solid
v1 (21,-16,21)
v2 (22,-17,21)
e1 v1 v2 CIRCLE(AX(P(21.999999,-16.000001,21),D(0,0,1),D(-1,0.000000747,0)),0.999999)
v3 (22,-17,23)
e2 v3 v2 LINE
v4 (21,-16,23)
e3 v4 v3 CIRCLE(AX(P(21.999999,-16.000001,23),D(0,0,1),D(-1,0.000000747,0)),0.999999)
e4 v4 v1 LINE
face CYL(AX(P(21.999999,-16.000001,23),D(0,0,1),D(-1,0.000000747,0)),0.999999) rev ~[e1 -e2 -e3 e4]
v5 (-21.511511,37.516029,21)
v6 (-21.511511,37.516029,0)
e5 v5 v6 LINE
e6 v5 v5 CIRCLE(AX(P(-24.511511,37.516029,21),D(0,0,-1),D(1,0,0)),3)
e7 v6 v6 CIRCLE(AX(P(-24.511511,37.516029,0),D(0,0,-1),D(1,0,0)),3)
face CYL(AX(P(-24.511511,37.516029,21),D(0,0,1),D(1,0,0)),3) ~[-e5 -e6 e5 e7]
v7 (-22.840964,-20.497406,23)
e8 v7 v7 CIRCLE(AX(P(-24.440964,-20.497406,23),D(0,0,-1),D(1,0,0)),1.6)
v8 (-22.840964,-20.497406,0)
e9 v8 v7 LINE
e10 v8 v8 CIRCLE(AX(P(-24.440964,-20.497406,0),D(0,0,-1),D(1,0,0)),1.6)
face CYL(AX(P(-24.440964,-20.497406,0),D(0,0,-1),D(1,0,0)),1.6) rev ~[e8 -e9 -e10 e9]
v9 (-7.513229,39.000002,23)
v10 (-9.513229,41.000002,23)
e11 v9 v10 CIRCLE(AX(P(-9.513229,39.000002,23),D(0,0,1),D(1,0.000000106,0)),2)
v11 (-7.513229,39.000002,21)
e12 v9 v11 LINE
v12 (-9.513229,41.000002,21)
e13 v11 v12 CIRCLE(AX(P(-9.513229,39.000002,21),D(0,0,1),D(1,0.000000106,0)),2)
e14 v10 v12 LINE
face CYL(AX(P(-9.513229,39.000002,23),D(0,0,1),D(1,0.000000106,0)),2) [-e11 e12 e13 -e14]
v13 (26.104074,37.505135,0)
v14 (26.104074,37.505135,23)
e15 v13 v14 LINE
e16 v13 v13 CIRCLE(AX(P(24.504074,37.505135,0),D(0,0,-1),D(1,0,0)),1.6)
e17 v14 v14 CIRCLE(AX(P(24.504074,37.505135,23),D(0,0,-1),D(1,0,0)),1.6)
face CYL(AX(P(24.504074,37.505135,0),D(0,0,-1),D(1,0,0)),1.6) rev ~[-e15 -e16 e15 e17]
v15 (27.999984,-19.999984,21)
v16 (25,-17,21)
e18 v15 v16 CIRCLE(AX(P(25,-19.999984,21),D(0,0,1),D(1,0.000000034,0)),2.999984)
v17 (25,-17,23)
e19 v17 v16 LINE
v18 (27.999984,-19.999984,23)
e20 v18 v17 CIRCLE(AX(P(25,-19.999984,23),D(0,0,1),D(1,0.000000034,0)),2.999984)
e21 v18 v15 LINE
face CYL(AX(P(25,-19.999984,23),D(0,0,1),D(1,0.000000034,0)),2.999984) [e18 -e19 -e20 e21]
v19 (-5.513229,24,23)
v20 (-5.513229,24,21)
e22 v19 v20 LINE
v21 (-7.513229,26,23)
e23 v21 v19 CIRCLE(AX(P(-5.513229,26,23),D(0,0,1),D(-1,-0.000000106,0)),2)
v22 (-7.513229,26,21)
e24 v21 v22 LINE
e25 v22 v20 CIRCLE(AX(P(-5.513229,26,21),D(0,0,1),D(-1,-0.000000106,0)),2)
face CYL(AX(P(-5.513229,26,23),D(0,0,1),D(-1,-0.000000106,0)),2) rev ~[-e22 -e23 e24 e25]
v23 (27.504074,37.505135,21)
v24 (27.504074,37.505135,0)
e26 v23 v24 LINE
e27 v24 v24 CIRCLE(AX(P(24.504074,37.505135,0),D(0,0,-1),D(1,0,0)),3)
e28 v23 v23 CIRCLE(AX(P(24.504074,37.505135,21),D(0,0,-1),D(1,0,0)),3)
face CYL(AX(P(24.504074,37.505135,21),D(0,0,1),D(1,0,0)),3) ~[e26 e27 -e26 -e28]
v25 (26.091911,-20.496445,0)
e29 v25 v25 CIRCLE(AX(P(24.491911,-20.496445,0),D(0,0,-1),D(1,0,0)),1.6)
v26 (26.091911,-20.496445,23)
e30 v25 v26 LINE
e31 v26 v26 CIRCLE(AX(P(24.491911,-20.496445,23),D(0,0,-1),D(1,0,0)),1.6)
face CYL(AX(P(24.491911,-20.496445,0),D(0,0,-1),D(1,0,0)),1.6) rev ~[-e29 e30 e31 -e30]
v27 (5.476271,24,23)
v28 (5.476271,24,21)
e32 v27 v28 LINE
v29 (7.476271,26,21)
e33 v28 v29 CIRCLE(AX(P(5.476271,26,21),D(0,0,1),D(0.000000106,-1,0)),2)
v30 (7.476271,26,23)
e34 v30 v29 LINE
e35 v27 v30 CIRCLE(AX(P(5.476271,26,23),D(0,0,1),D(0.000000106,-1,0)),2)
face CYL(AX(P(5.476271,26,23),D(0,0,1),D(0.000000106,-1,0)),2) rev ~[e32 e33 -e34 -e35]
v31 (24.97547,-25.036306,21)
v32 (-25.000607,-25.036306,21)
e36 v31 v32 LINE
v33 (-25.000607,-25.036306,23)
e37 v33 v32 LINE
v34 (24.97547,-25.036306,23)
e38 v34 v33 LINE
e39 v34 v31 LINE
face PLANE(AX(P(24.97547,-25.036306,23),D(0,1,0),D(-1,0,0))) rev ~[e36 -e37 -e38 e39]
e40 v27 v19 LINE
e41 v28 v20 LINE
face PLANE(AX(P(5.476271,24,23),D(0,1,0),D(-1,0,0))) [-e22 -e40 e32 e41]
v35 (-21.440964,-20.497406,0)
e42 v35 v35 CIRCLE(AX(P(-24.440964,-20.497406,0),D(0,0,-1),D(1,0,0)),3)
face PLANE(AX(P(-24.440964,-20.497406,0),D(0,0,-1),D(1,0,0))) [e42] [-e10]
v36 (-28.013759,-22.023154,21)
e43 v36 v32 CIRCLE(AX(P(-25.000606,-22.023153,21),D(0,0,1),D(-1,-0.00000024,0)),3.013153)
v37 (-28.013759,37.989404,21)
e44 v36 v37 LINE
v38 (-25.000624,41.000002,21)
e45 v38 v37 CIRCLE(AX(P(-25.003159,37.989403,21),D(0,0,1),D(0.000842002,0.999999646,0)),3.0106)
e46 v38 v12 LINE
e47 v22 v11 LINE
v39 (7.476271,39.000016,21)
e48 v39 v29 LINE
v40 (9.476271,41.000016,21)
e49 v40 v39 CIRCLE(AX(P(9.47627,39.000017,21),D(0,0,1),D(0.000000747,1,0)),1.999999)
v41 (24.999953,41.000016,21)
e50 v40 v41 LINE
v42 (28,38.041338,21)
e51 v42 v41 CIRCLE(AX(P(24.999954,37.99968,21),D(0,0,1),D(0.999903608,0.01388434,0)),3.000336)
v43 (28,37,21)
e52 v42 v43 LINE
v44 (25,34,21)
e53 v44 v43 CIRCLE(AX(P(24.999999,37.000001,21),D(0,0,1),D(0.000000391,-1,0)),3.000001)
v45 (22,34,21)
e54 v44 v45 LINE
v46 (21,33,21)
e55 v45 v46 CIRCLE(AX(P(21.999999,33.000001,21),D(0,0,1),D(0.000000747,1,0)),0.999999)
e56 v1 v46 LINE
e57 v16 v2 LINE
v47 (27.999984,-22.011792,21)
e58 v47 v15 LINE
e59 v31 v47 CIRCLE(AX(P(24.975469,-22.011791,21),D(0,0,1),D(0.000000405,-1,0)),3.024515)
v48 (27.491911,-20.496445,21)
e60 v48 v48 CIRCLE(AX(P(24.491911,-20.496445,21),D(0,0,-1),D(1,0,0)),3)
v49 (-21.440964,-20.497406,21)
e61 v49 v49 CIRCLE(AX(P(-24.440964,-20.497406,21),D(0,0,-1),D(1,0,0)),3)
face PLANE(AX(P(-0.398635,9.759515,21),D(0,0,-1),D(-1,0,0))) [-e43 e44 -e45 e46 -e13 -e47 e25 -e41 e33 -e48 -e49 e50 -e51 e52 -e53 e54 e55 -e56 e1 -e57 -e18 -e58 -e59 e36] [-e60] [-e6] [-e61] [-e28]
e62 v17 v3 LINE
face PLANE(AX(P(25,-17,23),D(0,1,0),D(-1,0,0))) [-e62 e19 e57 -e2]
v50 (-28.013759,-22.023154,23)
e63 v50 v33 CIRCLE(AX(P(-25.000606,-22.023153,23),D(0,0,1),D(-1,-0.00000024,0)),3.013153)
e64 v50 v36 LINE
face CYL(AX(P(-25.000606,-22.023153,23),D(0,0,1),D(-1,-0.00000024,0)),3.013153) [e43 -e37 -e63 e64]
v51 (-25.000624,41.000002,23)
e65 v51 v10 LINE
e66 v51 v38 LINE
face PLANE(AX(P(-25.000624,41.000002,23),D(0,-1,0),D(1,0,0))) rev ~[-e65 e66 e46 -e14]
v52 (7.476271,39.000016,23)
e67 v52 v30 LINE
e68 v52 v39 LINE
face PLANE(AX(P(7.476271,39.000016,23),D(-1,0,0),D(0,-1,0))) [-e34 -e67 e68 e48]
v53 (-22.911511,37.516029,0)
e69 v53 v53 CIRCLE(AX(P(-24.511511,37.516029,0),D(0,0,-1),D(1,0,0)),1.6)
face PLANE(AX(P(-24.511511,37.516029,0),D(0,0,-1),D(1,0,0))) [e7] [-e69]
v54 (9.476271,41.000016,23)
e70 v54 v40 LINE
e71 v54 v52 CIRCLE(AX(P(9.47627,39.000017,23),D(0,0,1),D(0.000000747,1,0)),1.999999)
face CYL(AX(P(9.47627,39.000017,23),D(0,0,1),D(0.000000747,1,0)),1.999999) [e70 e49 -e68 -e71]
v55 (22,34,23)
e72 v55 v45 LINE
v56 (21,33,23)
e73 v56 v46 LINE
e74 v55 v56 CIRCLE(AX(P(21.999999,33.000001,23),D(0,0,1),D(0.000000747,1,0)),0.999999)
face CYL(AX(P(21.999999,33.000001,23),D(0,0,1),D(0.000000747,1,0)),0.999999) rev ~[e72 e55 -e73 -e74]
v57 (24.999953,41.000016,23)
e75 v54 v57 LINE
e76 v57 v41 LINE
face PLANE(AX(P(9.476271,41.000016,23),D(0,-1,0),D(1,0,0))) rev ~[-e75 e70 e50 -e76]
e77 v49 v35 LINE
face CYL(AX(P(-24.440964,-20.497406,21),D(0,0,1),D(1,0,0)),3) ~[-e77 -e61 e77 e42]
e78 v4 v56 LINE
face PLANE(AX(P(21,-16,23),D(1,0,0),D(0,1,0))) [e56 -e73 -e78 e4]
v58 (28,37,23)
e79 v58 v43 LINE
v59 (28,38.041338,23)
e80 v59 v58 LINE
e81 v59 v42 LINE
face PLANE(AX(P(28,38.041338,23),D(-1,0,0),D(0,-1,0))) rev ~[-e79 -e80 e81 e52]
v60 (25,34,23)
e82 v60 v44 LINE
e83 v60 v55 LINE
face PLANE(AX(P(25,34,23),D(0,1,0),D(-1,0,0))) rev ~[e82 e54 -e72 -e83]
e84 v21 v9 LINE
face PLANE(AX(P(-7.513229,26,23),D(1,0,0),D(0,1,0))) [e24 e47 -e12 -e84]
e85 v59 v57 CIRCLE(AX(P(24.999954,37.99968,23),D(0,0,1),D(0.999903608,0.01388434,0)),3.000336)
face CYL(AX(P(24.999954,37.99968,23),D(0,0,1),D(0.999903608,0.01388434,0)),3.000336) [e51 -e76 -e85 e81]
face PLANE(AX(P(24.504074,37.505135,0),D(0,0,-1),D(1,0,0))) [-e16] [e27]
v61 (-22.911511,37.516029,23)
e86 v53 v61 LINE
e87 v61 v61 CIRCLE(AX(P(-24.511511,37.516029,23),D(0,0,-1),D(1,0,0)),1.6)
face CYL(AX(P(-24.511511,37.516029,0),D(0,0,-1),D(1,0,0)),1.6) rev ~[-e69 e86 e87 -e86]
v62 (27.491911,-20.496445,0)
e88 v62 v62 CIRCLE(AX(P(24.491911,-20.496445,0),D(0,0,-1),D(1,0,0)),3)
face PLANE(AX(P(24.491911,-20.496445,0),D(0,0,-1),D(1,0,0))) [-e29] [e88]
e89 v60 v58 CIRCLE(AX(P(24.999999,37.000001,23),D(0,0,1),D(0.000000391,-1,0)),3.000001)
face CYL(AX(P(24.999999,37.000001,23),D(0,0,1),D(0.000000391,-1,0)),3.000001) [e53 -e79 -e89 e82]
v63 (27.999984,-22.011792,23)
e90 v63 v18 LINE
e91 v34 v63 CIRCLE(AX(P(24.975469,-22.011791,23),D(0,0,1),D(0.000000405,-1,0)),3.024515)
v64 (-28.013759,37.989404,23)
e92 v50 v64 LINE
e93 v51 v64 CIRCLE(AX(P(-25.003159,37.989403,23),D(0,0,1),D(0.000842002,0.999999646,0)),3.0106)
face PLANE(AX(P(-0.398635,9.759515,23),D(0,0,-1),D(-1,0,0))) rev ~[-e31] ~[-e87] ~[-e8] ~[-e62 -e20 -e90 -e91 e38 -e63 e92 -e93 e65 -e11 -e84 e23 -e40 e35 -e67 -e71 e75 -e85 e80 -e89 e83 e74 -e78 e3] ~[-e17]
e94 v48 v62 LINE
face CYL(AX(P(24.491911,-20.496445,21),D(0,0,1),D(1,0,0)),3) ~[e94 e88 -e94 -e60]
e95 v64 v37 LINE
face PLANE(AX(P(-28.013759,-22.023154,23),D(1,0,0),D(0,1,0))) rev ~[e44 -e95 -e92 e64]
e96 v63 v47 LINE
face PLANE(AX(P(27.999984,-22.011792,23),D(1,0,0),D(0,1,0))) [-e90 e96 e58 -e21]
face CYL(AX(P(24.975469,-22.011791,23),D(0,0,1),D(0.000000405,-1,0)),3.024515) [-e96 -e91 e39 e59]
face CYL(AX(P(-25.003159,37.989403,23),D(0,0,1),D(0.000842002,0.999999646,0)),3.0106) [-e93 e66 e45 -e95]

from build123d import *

# Parameters (mm, degrees)
PAD008_DEPTH       = 2
SKETCH037_R        = 3
PAD009_DEPTH       = 21
SKETCH038_R        = 1.6
POCKET003005_DEPTH = 30


with BuildPart() as part:
    # Sketch035 → Pad008 (new body)
    with BuildSketch(Plane.XY):
        with BuildLine():
            Line((24.97547, -25.036306), (-25.000607, -25.036306))
            ThreePointArc((-28.013759, -22.023154), (-27.131227, -24.153774), (-25.000607, -25.036306))
            Line((-28.013759, -22.023154), (-28.013759, 37.989404))
            ThreePointArc((-25.000624, 41.000002), (-27.131078, 40.119115), (-28.013759, 37.989404))
            Line((-25.000624, 41.000002), (-9.513229, 41.000002))
            ThreePointArc((-7.513229, 39.000002), (-8.099015, 40.414215), (-9.513229, 41.000002))
            Line((-7.513229, 26), (-7.513229, 39.000002))
            ThreePointArc((-7.513229, 26), (-6.927443, 24.585787), (-5.513229, 24))
            Line((5.476271, 24), (-5.513229, 24))
            ThreePointArc((5.476271, 24), (6.890485, 24.585787), (7.476271, 26))
            Line((7.476271, 39.000016), (7.476271, 26))
            ThreePointArc((9.476271, 41.000016), (8.062057, 40.41423), (7.476271, 39.000016))
            Line((9.476271, 41.000016), (24.999953, 41.000016))
            ThreePointArc((28, 38.041338), (27.106731, 40.135916), (24.999953, 41.000016))
            Line((28, 38.041338), (28, 37))
            ThreePointArc((25, 34), (27.12132, 34.87868), (28, 37))
            Line((25, 34), (22, 34))
            ThreePointArc((22, 34), (21.292893, 33.707107), (21, 33))
            Line((21, -16), (21, 33))
            ThreePointArc((21, -16), (21.292893, -16.707107), (22, -17))
            Line((25, -17), (22, -17))
            ThreePointArc((27.999984, -19.999984), (27.121309, -17.878675), (25, -17))
            Line((27.999984, -22.011792), (27.999984, -19.999984))
            ThreePointArc((24.97547, -25.036306), (27.114124, -24.150446), (27.999984, -22.011792))
        make_face()
    extrude(amount=-PAD008_DEPTH)

    # Sketch037 → Pad009 (join)
    with BuildSketch(Plane(origin=(0, 0, -2), x_dir=(1, 0, 0), z_dir=(0, 0, -1))):
        with Locations((-24.440964, 20.497406)):
            Circle(SKETCH037_R)
        with Locations((24.491911, 20.496445)):
            Circle(SKETCH037_R)
        with Locations((-24.511511, -37.516029)):
            Circle(SKETCH037_R)
        with Locations((24.504074, -37.505135)):
            Circle(SKETCH037_R)
    extrude(amount=PAD009_DEPTH)

    # Sketch038 (on Face31 of Pad009) → Pocket003005 (cut)
    with BuildSketch(Plane(origin=(0, 0, -23), x_dir=(1, 0, 0), z_dir=(0, 0, -1))):
        with Locations((-24.440964, 20.497406)):
            Circle(SKETCH038_R)
        with Locations((24.491911, 20.496445)):
            Circle(SKETCH038_R)
        with Locations((-24.511511, -37.516029)):
            Circle(SKETCH038_R)
        with Locations((24.504074, -37.505135)):
            Circle(SKETCH038_R)
    extrude(amount=-POCKET003005_DEPTH, mode=Mode.SUBTRACT)


with BuildPart() as part_1:
    # Body007 placement: moved
    add(part.part.moved(Location((0, 0, 23))))


solid = part_1.part
